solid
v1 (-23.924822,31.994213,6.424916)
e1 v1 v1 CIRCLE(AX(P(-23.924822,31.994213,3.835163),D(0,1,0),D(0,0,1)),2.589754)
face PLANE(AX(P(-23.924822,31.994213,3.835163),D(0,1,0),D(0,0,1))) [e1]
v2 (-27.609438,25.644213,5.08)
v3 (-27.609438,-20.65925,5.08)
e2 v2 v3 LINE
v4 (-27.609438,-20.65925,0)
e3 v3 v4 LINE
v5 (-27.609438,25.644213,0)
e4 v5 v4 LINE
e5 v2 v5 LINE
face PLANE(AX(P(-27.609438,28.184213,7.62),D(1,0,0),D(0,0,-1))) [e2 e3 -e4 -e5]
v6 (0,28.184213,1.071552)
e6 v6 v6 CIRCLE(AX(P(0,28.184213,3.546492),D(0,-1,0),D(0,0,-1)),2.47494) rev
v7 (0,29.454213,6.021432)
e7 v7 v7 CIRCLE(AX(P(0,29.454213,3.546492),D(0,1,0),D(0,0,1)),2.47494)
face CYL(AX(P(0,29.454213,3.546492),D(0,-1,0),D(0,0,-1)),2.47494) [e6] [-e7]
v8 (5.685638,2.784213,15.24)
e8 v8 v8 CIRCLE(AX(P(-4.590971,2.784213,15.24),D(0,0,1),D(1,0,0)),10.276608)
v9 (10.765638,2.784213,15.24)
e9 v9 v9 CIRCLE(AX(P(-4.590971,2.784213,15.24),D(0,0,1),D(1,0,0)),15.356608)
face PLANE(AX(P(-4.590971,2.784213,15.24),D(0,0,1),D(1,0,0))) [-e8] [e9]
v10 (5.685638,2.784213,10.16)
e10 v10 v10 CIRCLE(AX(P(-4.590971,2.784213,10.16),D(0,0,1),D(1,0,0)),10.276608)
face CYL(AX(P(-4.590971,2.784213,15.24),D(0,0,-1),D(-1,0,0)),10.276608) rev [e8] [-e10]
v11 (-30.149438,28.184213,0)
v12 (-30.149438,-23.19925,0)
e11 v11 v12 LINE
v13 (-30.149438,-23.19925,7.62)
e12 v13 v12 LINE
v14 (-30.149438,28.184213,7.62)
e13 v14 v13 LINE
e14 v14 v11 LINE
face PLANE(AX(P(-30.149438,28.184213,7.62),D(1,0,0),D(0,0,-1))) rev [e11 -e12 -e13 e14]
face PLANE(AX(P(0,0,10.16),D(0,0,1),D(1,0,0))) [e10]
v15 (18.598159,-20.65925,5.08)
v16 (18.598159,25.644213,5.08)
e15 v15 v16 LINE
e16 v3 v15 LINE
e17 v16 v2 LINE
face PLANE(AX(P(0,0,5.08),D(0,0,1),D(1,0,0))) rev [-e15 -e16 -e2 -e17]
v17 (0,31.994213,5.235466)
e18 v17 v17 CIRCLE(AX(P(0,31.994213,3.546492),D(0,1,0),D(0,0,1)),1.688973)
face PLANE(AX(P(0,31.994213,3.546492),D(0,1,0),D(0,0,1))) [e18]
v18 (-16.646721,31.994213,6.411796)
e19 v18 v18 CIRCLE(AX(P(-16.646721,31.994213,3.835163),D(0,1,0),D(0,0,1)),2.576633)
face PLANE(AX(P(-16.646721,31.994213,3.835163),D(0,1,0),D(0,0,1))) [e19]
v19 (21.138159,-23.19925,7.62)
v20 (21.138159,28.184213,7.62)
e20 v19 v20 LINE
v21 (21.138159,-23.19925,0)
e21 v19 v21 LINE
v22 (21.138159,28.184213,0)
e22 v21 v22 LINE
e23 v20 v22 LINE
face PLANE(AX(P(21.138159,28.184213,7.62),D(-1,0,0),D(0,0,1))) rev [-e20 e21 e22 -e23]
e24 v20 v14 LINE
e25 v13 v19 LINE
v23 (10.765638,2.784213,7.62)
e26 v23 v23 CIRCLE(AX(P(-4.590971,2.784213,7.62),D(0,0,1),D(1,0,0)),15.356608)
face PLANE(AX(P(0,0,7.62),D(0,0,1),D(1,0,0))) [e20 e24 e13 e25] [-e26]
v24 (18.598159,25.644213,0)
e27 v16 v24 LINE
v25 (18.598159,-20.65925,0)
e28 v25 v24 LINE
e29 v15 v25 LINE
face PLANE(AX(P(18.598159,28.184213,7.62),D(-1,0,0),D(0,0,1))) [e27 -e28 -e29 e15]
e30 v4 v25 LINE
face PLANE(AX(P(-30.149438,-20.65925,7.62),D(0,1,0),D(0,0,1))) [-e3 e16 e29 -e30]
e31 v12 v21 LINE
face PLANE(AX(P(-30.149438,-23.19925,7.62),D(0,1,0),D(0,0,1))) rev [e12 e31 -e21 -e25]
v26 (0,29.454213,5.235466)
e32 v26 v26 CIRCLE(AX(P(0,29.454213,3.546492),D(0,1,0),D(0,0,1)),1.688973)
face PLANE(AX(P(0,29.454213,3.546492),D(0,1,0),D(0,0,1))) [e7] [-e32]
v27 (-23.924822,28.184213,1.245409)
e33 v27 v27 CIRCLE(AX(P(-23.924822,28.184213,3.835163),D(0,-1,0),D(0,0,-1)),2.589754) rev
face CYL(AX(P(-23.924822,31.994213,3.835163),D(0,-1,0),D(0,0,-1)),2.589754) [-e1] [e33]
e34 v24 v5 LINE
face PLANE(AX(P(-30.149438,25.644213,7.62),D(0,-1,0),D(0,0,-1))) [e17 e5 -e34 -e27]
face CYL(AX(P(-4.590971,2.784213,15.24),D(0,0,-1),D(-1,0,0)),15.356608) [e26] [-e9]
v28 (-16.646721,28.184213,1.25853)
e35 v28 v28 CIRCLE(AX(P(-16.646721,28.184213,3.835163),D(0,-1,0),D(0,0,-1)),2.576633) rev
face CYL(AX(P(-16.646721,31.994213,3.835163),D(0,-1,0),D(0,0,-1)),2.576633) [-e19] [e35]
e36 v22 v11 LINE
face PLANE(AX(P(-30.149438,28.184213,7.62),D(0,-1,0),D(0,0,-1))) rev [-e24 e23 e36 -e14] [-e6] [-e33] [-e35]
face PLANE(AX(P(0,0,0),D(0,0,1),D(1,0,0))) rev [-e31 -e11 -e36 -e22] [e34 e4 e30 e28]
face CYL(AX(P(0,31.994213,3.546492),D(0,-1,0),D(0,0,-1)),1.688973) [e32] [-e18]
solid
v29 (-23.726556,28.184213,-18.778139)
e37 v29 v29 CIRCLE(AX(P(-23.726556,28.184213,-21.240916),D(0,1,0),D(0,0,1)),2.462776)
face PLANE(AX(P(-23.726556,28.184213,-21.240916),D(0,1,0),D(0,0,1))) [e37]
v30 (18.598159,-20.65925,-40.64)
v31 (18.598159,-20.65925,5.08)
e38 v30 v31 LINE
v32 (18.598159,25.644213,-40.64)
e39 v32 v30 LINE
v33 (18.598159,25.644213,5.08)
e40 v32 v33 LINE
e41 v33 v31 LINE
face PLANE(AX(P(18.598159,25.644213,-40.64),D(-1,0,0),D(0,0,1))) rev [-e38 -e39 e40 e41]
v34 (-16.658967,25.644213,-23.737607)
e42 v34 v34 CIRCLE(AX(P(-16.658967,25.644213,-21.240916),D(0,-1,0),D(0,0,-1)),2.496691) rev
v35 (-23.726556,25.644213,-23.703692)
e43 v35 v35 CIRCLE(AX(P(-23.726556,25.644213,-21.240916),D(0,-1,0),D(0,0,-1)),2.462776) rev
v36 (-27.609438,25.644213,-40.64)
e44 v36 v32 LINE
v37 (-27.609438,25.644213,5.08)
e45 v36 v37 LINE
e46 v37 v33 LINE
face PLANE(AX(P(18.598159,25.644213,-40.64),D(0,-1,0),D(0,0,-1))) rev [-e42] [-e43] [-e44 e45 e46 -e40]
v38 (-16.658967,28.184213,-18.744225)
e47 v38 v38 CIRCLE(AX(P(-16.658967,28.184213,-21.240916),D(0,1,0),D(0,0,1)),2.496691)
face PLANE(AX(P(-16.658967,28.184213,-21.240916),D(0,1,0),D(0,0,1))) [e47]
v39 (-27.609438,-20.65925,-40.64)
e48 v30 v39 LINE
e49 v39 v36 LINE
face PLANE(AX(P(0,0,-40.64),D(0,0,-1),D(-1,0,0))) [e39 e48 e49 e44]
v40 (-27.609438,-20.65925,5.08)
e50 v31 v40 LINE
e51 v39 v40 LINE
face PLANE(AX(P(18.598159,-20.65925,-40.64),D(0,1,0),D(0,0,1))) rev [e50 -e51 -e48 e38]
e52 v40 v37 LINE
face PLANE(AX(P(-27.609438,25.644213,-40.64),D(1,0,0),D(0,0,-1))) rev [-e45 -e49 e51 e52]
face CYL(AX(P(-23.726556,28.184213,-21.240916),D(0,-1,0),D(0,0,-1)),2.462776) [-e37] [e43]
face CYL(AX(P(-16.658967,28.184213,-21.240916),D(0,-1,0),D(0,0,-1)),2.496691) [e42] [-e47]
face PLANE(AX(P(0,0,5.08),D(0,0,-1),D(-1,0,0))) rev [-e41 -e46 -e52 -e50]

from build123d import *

# Parameters (mm, degrees)
SKETCH1_W           = 51.287597598
SKETCH1_H           = 51.383462266
BOSS_EXTRUDE1_DEPTH = 7.62
SHELL2_T            = -2.54
SKETCH3_W           = 46.207597598
SKETCH3_H           = 46.303462266
BOSS_EXTRUDE2_DEPTH = 45.72
SKETCH8_R           = 15.356608436
BOSS_EXTRUDE4_DEPTH = 7.62
SHELL9_T            = -5.08
SKETCH11_R          = 2.58975373
SKETCH11_R_2        = 2.576633152
BOSS_EXTRUDE5_DEPTH = 3.81
SKETCH12_R          = 2.474939987
BOSS_EXTRUDE6_DEPTH = 1.27
SKETCH13_R          = 1.688973415
BOSS_EXTRUDE7_DEPTH = 2.54
SKETCH16_R          = 2.496690969
SKETCH16_R_2        = 2.462776399
BOSS_EXTRUDE9_DEPTH = 2.54


with BuildPart() as part:
    # Sketch1 → Boss-Extrude1 (new body)
    with BuildSketch(Plane.XY):
        with Locations((-4.505639415, 2.492481379)):
            Rectangle(SKETCH1_W, SKETCH1_H)
    extrude(amount=BOSS_EXTRUDE1_DEPTH)

    # Shell2
    shell2_openings = [part.faces().sort_by_distance(p)[0] for p in [
        (-4.505639415, 2.492481379, 0),
    ]]
    offset(amount=SHELL2_T, openings=shell2_openings, kind=Kind.INTERSECTION)

    # Sketch8 → Boss-Extrude4 (add)
    with BuildSketch(Plane.XY.offset(7.62)):
        with Locations((-4.590970541, 2.784212512)):
            Circle(SKETCH8_R)
    extrude(amount=BOSS_EXTRUDE4_DEPTH)

    # Shell9
    shell9_openings = [part.faces().sort_by_distance(p)[0] for p in [
        (-4.590970541, 2.784212512, 15.24),
    ]]
    offset(amount=SHELL9_T, openings=shell9_openings, kind=Kind.INTERSECTION)

    # Sketch11 → Boss-Extrude5 (add)
    with BuildSketch(Plane(origin=(0, 28.184212512, 0), x_dir=(1, 0, 0), z_dir=(0, 1, 0))):
        with Locations(Location((-23.92482166, -3.835162685, 0), (0, 0, 90))):
            Circle(SKETCH11_R)
        with Locations(Location((-16.646720661, -3.835162685, 0), (0, 0, 90))):
            Circle(SKETCH11_R_2)
    extrude(amount=BOSS_EXTRUDE5_DEPTH)

    # Sketch12 → Boss-Extrude6 (add)
    with BuildSketch(Plane(origin=(0, 28.184212512, 0), x_dir=(1, 0, 0), z_dir=(0, 1, 0))):
        with Locations(Location((0, -3.546492159, 0), (0, 0, 90))):
            Circle(SKETCH12_R)
    extrude(amount=BOSS_EXTRUDE6_DEPTH)

    # Sketch13 → Boss-Extrude7 (add)
    with BuildSketch(Plane(origin=(0, 29.454212512, 0), x_dir=(1, 0, 0), z_dir=(0, 1, 0))):
        with Locations(Location((0, -3.546492159, 0), (0, 0, 270))):
            Circle(SKETCH13_R)
    extrude(amount=BOSS_EXTRUDE7_DEPTH)


with BuildPart() as body_2:
    # Sketch3 → Boss-Extrude2 (new body)
    with BuildSketch(Plane(origin=(0, 0, 5.08), x_dir=(-1, 0, 0), z_dir=(0, 0, -1))):
        with Locations((4.505639415, 2.492481379)):
            Rectangle(SKETCH3_W, SKETCH3_H)
    extrude(amount=BOSS_EXTRUDE2_DEPTH)

    # Sketch16 → Boss-Extrude9 (add)
    with BuildSketch(Plane(origin=(0, 25.644212512, 0), x_dir=(1, 0, 0), z_dir=(0, 1, 0))):
        with Locations(Location((-16.658967026, 21.240915572, 0), (0, 0, 90))):
            Circle(SKETCH16_R)
        with Locations(Location((-23.72655588, 21.240915572, 0), (0, 0, 90))):
            Circle(SKETCH16_R_2)
    extrude(amount=BOSS_EXTRUDE9_DEPTH)


solid = Compound([part.part, body_2.part])
